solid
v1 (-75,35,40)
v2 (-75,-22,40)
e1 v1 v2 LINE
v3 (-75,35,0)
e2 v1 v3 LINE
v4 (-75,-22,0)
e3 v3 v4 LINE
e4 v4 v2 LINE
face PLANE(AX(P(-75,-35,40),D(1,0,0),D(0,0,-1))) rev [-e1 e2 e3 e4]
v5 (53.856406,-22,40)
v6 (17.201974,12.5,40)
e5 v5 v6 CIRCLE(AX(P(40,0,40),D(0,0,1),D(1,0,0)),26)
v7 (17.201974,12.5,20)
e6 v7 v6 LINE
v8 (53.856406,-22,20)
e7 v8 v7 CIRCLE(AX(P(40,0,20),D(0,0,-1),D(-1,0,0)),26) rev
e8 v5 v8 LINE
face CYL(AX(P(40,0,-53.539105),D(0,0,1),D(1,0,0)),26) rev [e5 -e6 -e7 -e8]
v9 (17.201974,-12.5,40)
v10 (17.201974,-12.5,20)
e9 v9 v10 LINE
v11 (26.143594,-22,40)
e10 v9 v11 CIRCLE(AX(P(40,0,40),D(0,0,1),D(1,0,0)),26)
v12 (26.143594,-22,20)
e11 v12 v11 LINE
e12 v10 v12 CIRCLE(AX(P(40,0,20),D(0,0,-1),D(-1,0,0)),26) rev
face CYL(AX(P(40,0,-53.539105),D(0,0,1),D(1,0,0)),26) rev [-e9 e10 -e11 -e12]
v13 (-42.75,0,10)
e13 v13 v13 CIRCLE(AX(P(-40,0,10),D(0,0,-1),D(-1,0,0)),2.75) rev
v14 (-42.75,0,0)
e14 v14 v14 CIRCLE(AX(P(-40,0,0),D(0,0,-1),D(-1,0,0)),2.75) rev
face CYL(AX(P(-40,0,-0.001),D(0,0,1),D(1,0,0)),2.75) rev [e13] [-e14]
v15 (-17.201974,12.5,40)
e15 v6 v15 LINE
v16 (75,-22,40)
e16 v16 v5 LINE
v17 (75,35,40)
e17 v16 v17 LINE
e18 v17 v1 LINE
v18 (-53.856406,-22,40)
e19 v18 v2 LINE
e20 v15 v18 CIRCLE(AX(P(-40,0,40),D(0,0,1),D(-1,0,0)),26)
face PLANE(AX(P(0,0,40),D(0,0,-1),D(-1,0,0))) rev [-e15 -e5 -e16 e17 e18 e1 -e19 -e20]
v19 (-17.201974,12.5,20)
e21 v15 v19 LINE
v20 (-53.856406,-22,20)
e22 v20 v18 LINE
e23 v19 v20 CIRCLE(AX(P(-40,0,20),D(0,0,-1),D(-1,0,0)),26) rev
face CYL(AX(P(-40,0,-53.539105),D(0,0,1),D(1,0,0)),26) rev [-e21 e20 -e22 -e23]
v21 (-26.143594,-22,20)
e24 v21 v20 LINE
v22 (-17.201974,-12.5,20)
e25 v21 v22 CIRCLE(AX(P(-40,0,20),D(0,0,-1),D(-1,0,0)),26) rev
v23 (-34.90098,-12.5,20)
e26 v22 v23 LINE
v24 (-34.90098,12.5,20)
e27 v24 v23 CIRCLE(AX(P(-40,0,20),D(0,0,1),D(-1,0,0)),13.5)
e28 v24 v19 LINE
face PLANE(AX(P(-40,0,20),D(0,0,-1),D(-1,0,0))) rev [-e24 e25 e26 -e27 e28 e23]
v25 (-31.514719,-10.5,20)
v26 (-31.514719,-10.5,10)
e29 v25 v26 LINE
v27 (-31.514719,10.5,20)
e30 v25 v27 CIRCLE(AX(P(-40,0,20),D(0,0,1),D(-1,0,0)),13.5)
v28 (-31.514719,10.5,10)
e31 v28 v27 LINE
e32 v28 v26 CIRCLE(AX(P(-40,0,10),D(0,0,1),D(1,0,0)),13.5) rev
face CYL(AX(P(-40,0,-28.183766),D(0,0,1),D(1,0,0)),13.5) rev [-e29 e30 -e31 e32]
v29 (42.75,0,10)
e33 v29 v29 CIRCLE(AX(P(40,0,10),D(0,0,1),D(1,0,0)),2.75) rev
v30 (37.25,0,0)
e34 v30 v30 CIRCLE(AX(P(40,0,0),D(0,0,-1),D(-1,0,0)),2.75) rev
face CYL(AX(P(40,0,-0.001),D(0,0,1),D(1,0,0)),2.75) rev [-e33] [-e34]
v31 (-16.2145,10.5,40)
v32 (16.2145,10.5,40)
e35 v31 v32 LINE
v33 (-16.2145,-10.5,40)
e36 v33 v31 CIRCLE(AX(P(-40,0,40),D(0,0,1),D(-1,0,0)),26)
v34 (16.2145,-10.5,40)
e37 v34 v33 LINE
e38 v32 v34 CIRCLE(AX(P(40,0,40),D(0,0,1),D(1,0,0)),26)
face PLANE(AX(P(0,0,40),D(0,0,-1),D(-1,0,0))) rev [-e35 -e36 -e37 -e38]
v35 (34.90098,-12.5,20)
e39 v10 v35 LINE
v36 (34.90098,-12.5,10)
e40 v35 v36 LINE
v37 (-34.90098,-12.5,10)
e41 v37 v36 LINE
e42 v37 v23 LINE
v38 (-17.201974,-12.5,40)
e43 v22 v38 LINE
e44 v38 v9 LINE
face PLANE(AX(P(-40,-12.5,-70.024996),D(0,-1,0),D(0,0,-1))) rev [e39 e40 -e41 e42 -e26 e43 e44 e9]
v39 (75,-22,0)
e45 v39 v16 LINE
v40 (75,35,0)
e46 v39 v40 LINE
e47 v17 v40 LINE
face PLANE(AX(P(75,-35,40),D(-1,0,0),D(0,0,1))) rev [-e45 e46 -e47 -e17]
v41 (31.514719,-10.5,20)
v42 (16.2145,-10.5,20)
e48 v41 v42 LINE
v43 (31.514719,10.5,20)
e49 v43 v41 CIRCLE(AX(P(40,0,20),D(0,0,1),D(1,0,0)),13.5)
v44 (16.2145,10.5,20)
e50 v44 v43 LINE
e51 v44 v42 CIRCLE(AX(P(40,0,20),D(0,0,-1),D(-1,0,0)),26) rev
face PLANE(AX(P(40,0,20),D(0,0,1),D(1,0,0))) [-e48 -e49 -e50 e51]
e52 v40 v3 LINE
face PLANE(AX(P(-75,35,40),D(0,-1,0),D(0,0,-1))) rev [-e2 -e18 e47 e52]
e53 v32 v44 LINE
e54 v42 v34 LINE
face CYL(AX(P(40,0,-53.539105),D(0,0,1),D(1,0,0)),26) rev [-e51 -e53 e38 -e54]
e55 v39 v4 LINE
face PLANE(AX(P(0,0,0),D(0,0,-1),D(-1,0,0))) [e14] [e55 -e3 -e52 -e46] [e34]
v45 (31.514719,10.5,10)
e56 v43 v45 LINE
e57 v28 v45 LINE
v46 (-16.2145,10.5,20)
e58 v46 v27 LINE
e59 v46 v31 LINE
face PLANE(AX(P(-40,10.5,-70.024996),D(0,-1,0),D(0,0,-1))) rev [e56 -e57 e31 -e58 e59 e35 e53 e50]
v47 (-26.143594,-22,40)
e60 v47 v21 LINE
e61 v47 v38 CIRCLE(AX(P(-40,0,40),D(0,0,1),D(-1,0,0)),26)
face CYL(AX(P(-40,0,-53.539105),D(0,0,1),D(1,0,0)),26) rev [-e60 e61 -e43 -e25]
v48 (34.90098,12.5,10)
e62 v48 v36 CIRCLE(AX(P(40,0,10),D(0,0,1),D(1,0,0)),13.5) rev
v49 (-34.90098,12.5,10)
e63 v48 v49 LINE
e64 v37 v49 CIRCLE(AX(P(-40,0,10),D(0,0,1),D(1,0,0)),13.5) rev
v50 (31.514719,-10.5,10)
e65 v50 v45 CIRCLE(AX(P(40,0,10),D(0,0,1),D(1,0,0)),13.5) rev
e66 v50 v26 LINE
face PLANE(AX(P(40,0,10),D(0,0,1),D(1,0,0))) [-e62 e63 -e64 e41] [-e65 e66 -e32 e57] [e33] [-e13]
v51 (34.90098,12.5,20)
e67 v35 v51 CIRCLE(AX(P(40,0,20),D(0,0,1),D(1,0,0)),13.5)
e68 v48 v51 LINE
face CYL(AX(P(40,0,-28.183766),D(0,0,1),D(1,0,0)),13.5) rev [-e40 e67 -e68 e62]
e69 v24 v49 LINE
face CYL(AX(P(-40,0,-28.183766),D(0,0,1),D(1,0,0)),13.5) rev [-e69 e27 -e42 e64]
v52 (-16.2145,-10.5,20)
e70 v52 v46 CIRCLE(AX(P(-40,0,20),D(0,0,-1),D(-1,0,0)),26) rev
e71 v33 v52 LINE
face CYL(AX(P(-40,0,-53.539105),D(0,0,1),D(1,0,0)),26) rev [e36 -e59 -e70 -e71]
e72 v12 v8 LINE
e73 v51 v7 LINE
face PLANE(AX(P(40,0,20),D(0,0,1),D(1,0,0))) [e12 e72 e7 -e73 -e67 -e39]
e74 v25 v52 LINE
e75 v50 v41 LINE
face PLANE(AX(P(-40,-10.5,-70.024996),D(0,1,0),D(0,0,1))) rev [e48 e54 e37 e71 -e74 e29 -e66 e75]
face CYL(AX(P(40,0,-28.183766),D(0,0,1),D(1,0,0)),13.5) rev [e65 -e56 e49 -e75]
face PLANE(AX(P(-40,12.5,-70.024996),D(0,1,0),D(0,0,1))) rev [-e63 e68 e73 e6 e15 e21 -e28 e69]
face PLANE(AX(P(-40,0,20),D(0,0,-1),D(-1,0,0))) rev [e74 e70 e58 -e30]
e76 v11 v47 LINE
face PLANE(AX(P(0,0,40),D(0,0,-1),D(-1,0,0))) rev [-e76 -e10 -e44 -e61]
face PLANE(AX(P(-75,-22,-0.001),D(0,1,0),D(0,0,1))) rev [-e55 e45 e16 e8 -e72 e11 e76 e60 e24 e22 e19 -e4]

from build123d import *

# Parameters (mm, degrees)
SKETCH1_W                     = 150
SKETCH1_H                     = 70
BOSS_EXTRUDE1_DEPTH           = 40
SHAFTFITS_REACH               = 93.924
SKETCH2_R                     = 2.75
SKETCH3_R                     = 12.5
PULLEY_DEPTH                  = 30
SKETCH4_R                     = 25
GEARS_FITS_DEPTH              = 20
GEAR_LETOUT_REACH             = 93.924
SKETCH5_W                     = 150
SKETCH5_H                     = 13
CLOSED_LOOP_TIMING_BELT_REACH = 93.924
SKETCH8_W                     = 80
SKETCH8_H                     = 2
SKETCH6_R                     = 26
GEAR_MARGIN_DEPTH             = 20
SKETCH7_R                     = 13.5
PULLEY_MARGIN_DEPTH           = 10


with BuildPart() as part:
    # Sketch1 → Boss-Extrude1 (new body)
    with BuildSketch(Plane.XY):
        Rectangle(SKETCH1_W, SKETCH1_H)
    extrude(amount=BOSS_EXTRUDE1_DEPTH)

    # Sketch2 → ShaftFits (cut, up to next)
    with BuildSketch(Plane.XY.offset(40), mode=Mode.PRIVATE) as shaftfits_sk1:
        with Locations((40, 0)):
            Circle(SKETCH2_R)
    shaftfits_tool1 = extrude(shaftfits_sk1.sketch, amount=-SHAFTFITS_REACH, mode=Mode.PRIVATE) & part.part
    # Sketch2 → ShaftFits (cut, up to next)
    with BuildSketch(Plane.XY.offset(40), mode=Mode.PRIVATE) as shaftfits_sk2:
        with Locations(Location((-40, 0, 0), (0, 0, 180))):
            Circle(SKETCH2_R)
    shaftfits_tool2 = extrude(shaftfits_sk2.sketch, amount=-SHAFTFITS_REACH, mode=Mode.PRIVATE) & part.part
    add(shaftfits_tool1.solids().sort_by_distance((40, 0, 40))[0], mode=Mode.SUBTRACT)
    add(shaftfits_tool2.solids().sort_by_distance((-40, 0, 40))[0], mode=Mode.SUBTRACT)

    # Sketch3 → Pulley (cut)
    with BuildSketch(Plane.XY.offset(40)):
        with Locations((40, 0)):
            Circle(SKETCH3_R)
        with Locations(Location((-40, 0, 0), (0, 0, 180))):
            Circle(SKETCH3_R)
    extrude(amount=-PULLEY_DEPTH, mode=Mode.SUBTRACT)

    # Sketch4 → Gears fits (cut)
    with BuildSketch(Plane.XY.offset(40)):
        with Locations((40, 0)):
            Circle(SKETCH4_R)
        with Locations(Location((-40, 0, 0), (0, 0, 180))):
            Circle(SKETCH4_R)
    extrude(amount=-GEARS_FITS_DEPTH, mode=Mode.SUBTRACT)

    # Sketch5 → Gear letout (cut, up to next)
    with BuildSketch(Plane.XY.offset(40), mode=Mode.PRIVATE) as gear_letout_sk1:
        with Locations((0, -28.5)):
            Rectangle(SKETCH5_W, SKETCH5_H)
    gear_letout_tool1 = extrude(gear_letout_sk1.sketch, amount=-GEAR_LETOUT_REACH, mode=Mode.PRIVATE) & part.part
    add(gear_letout_tool1.solids().sort_by_distance((0, -28.5, 40))[0], mode=Mode.SUBTRACT)

    # Closed-loop timing belt: up to this face of the body (flat: up to its plane)
    closed_loop_timing_belt_end = Plane(part.part.faces().sort_by_distance((-27.853553391, 0, 10))[0])
    # Sketch8 → Closed-loop timing belt (cut, up to the picked face)
    with BuildSketch(Plane.XY.offset(40), mode=Mode.PRIVATE) as closed_loop_timing_belt_sk1:
        with Locations((0, 11.5)):
            Rectangle(SKETCH8_W, SKETCH8_H)
    closed_loop_timing_belt_tool1 = split(extrude(closed_loop_timing_belt_sk1.sketch, amount=-CLOSED_LOOP_TIMING_BELT_REACH, mode=Mode.PRIVATE), bisect_by=closed_loop_timing_belt_end, keep=Keep.BOTH, mode=Mode.PRIVATE)
    # Sketch8 → Closed-loop timing belt (cut, up to the picked face)
    with BuildSketch(Plane.XY.offset(40), mode=Mode.PRIVATE) as closed_loop_timing_belt_sk2:
        with Locations((0, -11.5)):
            Rectangle(SKETCH8_W, SKETCH8_H)
    closed_loop_timing_belt_tool2 = split(extrude(closed_loop_timing_belt_sk2.sketch, amount=-CLOSED_LOOP_TIMING_BELT_REACH, mode=Mode.PRIVATE), bisect_by=closed_loop_timing_belt_end, keep=Keep.BOTH, mode=Mode.PRIVATE)
    add(closed_loop_timing_belt_tool1.solids().sort_by(Axis((0, 11.5, 40), (0, 0, -1)))[0], mode=Mode.SUBTRACT)
    add(closed_loop_timing_belt_tool2.solids().sort_by(Axis((0, -11.5, 40), (0, 0, -1)))[0], mode=Mode.SUBTRACT)

    # Sketch6 → Gear margin (cut)
    with BuildSketch(Plane.XY.offset(40)):
        with Locations((40, 0)):
            Circle(SKETCH6_R)
        with Locations((-40, 0)):
            Circle(SKETCH6_R)
    extrude(amount=-GEAR_MARGIN_DEPTH, mode=Mode.SUBTRACT)

    # Sketch7 → Pulley margin (cut)
    with BuildSketch(Plane.XY.offset(20)):
        with Locations((40, 0)):
            Circle(SKETCH7_R)
        with Locations((-40, 0)):
            Circle(SKETCH7_R)
    extrude(amount=-PULLEY_MARGIN_DEPTH, mode=Mode.SUBTRACT)


solid = part.part
